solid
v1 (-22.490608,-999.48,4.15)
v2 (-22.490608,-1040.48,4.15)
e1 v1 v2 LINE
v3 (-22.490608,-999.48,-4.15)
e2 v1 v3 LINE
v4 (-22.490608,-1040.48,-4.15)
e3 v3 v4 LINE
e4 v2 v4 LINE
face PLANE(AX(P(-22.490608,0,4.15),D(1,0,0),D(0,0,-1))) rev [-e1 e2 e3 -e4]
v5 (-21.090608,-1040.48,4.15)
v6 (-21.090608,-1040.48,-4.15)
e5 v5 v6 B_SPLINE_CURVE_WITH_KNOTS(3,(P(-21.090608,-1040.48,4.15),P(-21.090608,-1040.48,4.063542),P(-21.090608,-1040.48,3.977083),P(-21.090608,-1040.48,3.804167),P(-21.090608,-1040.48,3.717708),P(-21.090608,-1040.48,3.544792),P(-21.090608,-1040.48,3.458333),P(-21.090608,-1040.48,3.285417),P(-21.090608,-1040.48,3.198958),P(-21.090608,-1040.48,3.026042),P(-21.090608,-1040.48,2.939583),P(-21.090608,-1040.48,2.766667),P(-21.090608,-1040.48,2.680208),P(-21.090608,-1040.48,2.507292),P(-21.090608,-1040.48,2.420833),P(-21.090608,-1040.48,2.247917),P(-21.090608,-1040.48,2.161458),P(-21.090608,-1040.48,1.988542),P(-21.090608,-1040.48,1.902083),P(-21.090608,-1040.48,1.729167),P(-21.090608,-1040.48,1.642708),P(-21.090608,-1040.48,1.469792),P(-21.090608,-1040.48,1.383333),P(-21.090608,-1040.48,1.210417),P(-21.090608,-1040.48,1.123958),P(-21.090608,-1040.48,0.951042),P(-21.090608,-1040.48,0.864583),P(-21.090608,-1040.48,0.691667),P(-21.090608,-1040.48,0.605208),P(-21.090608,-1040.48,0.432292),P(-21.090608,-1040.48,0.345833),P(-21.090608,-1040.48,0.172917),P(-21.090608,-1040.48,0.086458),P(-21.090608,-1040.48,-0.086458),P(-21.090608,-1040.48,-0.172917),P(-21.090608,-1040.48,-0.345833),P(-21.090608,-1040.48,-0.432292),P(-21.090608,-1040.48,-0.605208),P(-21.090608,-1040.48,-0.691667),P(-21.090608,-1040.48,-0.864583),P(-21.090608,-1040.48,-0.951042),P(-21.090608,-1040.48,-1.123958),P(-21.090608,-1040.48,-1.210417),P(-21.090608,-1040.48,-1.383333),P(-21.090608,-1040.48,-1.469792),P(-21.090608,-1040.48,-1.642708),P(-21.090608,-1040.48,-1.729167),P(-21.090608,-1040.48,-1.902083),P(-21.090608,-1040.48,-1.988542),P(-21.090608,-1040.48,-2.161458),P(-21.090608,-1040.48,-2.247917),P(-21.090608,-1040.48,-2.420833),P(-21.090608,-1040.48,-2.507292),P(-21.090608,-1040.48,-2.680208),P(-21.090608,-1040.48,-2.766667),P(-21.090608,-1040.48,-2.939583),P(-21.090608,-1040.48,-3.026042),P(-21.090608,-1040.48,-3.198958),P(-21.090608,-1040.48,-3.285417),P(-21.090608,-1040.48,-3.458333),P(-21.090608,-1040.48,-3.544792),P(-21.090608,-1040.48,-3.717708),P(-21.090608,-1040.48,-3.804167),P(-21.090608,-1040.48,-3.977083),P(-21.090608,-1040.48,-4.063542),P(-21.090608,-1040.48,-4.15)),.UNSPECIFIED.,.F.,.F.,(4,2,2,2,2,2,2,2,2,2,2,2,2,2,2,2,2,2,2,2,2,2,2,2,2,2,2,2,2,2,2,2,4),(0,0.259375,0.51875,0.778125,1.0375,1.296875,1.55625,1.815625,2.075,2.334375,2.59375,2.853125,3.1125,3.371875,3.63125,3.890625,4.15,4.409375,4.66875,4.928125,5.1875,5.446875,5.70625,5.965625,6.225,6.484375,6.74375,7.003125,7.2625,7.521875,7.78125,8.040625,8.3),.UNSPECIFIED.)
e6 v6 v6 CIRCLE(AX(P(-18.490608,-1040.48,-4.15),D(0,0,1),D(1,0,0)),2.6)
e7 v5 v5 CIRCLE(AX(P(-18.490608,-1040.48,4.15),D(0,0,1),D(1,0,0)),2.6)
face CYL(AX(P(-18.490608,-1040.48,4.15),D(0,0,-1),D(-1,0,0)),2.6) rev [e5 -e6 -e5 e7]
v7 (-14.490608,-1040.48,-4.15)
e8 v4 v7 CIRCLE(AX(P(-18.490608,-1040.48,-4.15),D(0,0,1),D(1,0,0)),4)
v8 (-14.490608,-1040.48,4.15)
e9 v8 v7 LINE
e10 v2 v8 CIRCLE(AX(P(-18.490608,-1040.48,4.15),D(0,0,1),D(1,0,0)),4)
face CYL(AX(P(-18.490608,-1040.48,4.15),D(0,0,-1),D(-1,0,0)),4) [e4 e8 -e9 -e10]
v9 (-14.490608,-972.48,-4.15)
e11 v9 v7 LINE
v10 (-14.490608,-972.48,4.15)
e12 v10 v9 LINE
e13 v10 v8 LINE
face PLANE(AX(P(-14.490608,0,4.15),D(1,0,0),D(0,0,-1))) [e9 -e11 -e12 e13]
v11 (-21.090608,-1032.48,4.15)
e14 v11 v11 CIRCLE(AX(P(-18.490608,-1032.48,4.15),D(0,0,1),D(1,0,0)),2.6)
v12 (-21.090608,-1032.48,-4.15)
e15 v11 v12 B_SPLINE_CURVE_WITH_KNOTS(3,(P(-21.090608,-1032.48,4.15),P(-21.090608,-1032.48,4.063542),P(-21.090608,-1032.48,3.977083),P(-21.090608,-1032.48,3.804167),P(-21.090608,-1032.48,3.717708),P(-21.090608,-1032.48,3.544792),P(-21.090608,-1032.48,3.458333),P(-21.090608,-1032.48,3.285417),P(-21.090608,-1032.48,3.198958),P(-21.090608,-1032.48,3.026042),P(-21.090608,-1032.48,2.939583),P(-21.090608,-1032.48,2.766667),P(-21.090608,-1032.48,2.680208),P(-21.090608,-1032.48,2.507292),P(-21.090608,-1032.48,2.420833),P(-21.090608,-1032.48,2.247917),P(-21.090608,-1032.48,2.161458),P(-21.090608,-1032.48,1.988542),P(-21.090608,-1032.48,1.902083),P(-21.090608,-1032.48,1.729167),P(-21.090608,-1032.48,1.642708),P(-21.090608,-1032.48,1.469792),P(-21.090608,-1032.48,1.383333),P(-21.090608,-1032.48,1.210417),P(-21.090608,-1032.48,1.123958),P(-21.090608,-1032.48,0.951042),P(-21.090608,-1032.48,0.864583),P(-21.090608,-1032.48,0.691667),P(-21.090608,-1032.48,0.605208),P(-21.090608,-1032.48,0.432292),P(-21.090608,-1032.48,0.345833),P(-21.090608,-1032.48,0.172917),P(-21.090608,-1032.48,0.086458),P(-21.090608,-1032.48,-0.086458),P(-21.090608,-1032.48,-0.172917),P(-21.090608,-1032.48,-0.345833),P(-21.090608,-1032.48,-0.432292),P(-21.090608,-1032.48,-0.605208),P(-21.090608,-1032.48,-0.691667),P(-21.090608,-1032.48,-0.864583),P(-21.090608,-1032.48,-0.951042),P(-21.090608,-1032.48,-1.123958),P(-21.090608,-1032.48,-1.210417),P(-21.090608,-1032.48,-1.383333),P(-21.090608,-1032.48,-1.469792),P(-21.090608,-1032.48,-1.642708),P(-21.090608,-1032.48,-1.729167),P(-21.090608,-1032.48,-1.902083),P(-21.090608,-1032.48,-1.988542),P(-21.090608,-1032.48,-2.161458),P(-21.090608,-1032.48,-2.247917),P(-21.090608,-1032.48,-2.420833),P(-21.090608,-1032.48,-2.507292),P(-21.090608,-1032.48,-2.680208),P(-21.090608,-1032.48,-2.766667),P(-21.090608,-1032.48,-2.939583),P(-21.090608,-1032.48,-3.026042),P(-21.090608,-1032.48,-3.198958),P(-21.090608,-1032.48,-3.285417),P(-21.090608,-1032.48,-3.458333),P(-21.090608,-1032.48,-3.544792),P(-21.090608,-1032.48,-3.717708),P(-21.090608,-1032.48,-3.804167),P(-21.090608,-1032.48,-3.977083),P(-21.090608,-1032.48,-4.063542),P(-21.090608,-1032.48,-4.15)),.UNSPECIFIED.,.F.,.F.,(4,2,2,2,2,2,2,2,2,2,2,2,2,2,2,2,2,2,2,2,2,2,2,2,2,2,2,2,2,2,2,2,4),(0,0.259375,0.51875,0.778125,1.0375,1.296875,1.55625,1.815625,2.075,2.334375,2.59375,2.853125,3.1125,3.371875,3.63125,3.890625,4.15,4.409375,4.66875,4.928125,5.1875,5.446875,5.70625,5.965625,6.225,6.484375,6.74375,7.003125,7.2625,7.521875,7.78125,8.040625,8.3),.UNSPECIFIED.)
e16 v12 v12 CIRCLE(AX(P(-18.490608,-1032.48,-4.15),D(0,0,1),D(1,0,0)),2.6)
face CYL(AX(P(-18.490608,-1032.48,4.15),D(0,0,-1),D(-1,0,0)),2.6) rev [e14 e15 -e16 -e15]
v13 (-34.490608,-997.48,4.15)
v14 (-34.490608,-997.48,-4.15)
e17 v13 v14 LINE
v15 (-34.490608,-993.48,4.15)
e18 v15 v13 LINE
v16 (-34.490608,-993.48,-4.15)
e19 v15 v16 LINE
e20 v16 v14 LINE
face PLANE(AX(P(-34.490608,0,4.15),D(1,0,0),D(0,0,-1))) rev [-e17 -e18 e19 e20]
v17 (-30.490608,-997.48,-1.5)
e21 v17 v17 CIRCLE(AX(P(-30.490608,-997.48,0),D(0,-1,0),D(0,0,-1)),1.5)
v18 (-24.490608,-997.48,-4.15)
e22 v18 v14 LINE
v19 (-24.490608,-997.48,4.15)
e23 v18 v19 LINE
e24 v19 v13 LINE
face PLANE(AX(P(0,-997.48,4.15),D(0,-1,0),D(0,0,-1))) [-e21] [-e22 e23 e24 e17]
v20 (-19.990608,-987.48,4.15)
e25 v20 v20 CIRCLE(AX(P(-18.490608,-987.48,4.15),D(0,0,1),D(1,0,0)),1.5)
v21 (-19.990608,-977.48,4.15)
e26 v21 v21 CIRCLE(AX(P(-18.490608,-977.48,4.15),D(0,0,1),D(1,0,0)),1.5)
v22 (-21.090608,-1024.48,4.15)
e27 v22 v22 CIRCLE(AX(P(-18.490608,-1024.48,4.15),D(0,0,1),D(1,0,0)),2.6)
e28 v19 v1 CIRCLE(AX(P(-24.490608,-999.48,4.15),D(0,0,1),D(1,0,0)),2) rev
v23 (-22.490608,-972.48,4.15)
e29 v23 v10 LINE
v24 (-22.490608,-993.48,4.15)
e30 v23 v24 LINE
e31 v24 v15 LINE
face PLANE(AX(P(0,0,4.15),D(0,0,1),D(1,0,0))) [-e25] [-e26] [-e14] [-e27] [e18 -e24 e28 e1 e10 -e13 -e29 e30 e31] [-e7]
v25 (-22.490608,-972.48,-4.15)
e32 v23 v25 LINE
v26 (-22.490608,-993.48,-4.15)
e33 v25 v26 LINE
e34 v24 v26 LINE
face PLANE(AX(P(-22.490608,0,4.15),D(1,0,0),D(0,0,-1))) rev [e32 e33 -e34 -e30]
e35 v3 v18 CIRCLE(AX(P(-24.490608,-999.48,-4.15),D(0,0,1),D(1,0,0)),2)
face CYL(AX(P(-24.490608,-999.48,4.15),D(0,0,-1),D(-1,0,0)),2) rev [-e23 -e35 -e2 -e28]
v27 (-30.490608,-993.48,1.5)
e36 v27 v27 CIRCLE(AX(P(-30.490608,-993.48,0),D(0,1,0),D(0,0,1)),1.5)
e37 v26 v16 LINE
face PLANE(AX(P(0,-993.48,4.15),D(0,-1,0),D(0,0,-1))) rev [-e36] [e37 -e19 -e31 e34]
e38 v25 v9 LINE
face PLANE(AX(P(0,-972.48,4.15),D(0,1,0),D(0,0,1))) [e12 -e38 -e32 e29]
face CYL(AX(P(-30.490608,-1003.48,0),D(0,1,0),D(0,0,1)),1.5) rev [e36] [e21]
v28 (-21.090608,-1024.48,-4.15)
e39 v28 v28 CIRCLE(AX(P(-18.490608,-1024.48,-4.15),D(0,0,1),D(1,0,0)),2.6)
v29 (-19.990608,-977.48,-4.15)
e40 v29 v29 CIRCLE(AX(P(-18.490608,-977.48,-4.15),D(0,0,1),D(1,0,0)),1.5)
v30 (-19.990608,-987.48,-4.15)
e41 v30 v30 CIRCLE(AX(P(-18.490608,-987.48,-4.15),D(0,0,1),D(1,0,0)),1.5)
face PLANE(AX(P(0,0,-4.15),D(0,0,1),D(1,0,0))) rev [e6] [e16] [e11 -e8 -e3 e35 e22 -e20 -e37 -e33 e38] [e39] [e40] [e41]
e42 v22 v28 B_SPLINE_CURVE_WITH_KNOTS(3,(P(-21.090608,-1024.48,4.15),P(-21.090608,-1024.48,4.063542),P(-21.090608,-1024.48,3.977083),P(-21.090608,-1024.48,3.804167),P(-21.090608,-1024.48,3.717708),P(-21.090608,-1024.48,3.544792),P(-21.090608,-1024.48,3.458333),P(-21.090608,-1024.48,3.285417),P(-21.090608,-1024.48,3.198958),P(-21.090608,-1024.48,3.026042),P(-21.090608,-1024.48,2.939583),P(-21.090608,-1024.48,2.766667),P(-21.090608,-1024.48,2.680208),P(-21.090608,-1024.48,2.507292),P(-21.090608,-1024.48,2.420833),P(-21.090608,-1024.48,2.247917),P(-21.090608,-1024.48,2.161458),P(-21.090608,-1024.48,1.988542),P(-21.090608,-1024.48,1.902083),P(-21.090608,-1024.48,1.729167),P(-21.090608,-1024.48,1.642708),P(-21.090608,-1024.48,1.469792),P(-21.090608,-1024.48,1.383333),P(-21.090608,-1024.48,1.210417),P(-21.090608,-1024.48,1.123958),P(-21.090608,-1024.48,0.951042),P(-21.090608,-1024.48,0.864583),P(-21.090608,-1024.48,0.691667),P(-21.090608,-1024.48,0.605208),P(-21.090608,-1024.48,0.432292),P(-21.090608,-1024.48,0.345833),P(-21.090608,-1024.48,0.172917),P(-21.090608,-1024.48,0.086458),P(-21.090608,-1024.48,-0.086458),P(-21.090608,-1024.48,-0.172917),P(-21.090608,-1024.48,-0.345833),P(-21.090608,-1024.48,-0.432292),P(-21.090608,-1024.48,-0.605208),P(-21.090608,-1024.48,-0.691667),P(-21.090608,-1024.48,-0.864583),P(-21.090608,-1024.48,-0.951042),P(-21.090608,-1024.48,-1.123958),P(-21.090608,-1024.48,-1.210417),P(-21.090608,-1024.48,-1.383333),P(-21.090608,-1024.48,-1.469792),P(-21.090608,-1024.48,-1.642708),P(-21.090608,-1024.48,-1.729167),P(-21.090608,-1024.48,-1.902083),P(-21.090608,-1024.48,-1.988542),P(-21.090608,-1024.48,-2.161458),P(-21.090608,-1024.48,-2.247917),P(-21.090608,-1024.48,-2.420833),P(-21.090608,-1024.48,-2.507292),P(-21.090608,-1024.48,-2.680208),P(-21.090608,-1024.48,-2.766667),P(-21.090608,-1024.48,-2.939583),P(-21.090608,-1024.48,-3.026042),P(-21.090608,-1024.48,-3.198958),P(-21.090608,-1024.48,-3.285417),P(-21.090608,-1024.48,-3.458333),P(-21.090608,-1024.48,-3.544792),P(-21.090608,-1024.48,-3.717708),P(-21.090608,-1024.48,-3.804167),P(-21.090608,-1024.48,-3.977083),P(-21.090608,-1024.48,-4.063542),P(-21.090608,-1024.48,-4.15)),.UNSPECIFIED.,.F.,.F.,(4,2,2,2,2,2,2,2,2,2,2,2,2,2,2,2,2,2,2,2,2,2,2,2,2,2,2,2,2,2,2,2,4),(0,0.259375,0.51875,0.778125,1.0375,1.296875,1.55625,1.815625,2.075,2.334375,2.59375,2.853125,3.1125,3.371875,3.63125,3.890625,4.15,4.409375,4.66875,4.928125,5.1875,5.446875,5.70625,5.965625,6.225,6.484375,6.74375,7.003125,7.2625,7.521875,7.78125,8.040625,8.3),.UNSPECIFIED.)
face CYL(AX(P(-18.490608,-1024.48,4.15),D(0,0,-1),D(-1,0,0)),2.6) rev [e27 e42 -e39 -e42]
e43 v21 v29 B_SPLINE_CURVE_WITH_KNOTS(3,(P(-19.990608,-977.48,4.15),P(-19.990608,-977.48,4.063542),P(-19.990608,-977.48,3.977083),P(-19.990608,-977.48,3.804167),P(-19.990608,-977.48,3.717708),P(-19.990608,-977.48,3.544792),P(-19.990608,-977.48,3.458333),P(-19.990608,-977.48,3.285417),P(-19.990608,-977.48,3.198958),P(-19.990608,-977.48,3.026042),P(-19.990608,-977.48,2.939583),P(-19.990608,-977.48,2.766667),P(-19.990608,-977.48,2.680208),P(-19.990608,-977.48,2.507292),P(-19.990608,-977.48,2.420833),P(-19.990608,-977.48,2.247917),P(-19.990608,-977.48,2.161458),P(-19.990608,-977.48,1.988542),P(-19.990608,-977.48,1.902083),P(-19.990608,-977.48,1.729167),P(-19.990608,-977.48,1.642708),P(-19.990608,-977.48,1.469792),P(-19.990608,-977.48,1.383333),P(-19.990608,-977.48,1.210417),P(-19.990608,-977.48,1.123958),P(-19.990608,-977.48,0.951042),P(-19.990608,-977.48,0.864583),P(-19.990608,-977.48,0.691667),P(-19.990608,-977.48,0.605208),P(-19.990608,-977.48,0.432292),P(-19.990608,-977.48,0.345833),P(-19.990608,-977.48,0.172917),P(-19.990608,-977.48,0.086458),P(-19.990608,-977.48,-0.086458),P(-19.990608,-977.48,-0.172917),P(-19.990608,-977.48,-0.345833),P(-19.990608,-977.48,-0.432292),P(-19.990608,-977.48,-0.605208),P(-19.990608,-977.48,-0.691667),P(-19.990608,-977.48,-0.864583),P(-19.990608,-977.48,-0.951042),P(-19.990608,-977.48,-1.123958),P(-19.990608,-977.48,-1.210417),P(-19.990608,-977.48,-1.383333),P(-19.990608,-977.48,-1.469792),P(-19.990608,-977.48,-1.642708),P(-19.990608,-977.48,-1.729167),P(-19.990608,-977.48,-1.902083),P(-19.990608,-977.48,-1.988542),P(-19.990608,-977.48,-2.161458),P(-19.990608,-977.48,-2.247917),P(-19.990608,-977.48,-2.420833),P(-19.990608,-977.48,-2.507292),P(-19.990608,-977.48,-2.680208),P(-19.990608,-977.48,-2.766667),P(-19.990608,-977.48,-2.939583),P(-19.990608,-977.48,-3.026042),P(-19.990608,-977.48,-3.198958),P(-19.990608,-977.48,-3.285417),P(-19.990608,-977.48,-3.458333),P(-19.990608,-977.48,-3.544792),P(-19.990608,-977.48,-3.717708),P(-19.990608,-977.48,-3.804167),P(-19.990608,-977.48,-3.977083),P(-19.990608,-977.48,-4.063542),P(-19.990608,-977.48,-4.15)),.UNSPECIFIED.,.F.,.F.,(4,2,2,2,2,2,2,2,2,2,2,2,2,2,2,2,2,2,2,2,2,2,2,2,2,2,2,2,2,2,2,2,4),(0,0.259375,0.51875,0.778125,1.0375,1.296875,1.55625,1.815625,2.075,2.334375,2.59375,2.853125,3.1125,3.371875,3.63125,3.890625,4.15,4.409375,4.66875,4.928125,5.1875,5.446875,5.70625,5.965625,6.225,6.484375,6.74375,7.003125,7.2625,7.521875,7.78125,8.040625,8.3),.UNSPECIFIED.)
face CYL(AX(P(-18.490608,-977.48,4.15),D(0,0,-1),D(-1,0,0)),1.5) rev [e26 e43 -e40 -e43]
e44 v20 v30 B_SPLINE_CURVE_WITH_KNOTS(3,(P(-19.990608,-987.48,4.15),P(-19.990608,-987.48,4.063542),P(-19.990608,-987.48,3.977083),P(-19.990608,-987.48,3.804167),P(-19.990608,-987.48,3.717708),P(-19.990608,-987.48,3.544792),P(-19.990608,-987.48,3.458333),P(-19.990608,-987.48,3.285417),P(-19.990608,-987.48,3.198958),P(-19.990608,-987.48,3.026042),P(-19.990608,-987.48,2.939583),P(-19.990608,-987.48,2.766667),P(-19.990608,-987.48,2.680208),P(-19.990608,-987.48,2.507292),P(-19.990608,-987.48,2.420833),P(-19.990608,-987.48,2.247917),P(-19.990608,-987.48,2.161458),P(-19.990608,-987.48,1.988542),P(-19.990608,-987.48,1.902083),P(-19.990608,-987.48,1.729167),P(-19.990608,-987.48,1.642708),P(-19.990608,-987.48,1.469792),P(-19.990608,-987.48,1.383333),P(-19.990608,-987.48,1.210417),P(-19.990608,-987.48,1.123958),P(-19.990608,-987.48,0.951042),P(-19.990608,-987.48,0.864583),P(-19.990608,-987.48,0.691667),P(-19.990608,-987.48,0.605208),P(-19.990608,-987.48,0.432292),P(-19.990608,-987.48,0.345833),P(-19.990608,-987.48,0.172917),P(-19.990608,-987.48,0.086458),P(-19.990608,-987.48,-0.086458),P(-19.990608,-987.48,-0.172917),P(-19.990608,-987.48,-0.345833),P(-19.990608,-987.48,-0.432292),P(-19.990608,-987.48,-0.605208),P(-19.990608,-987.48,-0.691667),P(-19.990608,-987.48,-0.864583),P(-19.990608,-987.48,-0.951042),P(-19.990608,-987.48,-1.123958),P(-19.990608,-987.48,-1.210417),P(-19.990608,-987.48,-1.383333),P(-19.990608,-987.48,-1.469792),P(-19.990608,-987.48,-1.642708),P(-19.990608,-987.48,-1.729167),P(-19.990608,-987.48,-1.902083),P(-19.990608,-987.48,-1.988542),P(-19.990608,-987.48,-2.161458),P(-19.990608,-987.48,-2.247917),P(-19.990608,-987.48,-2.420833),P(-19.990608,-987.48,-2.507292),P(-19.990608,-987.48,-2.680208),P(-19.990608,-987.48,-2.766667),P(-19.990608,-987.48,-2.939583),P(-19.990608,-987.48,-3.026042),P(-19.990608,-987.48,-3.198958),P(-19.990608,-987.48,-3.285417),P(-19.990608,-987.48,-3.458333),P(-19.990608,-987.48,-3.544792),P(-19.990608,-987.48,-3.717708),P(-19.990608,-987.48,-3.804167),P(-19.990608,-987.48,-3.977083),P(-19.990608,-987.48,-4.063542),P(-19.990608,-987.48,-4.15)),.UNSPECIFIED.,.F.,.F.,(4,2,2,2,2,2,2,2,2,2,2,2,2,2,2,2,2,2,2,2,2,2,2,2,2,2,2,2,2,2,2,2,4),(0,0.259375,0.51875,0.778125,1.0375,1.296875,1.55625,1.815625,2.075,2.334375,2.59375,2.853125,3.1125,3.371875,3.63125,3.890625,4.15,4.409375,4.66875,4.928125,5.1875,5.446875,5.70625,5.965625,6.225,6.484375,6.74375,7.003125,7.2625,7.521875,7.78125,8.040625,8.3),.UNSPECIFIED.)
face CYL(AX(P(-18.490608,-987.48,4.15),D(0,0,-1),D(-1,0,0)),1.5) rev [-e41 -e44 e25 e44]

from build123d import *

# Parameters (mm, degrees)
CROQUIS1_R              = 2.6
CROQUIS1_R_2            = 1.5
CROQUIS1_W              = 12
CROQUIS1_H              = 4
SALIENTE_EXTRUIR1_DEPTH = 4.15
CROQUIS2_R              = 1.5
CORTAR_EXTRUIR1_DEPTH   = 10
REDONDEO2_R             = 2


with BuildPart() as part:
    # Croquis1 → Saliente-Extruir1 (new, symmetric)
    # profile 1 of 2: a face of its own
    with BuildSketch(Plane.XY):
        with BuildLine():
            Line((-14.490607503, -1040.48), (-14.490607503, -1037.604369418))
            Line((-14.490607503, -1037.604369418), (-14.490607503, -972.48))
            Line((-14.490607503, -972.48), (-22.490607503, -972.48))
            Line((-22.490607503, -972.48), (-22.490607503, -993.48))
            Line((-22.490607503, -993.48), (-22.490607503, -997.48))
            Line((-22.490607503, -997.48), (-22.490607503, -1024.48))
            Line((-22.490607503, -1024.48), (-22.490607503, -1040.48))
            ThreePointArc((-22.490607503, -1040.48), (-18.490607503, -1044.48), (-14.490607503, -1040.48))
        make_face()
        with Locations(Location((-18.490607503, -1040.48, 0), (0, 0, 180))):
            Circle(CROQUIS1_R, mode=Mode.SUBTRACT)
        with Locations(Location((-18.490607503, -1032.48, 0), (0, 0, 180))):
            Circle(CROQUIS1_R, mode=Mode.SUBTRACT)
        with Locations(Location((-18.490607503, -1024.48, 0), (0, 0, 180))):
            Circle(CROQUIS1_R, mode=Mode.SUBTRACT)
        with Locations(Location((-18.490607503, -987.48, 0), (0, 0, 180))):
            Circle(CROQUIS1_R_2, mode=Mode.SUBTRACT)
        with Locations(Location((-18.490607503, -977.48, 0), (0, 0, 180))):
            Circle(CROQUIS1_R_2, mode=Mode.SUBTRACT)
    # profile 2 of 2: a face of its own
    with BuildSketch(Plane.XY):
        with Locations((-28.490607503, -995.48)):
            Rectangle(CROQUIS1_W, CROQUIS1_H)
    extrude(amount=SALIENTE_EXTRUIR1_DEPTH, both=True)

    # Croquis2 → Cortar-Extruir1 (cut)
    with BuildSketch(Plane(origin=(0, -993.48, 0), x_dir=(1, 0, 0), z_dir=(0, 1, 0))):
        with Locations(Location((-30.490607503, 0, 0), (0, 0, 270))):
            Circle(CROQUIS2_R)
    extrude(amount=-CORTAR_EXTRUIR1_DEPTH, mode=Mode.SUBTRACT)

    # Redondeo2
    redondeo2_edges = [part.edges().sort_by_distance(p)[0] for p in [
        (-22.490607503, -997.48, 0),
    ]]
    fillet(redondeo2_edges, radius=REDONDEO2_R)


solid = part.part
